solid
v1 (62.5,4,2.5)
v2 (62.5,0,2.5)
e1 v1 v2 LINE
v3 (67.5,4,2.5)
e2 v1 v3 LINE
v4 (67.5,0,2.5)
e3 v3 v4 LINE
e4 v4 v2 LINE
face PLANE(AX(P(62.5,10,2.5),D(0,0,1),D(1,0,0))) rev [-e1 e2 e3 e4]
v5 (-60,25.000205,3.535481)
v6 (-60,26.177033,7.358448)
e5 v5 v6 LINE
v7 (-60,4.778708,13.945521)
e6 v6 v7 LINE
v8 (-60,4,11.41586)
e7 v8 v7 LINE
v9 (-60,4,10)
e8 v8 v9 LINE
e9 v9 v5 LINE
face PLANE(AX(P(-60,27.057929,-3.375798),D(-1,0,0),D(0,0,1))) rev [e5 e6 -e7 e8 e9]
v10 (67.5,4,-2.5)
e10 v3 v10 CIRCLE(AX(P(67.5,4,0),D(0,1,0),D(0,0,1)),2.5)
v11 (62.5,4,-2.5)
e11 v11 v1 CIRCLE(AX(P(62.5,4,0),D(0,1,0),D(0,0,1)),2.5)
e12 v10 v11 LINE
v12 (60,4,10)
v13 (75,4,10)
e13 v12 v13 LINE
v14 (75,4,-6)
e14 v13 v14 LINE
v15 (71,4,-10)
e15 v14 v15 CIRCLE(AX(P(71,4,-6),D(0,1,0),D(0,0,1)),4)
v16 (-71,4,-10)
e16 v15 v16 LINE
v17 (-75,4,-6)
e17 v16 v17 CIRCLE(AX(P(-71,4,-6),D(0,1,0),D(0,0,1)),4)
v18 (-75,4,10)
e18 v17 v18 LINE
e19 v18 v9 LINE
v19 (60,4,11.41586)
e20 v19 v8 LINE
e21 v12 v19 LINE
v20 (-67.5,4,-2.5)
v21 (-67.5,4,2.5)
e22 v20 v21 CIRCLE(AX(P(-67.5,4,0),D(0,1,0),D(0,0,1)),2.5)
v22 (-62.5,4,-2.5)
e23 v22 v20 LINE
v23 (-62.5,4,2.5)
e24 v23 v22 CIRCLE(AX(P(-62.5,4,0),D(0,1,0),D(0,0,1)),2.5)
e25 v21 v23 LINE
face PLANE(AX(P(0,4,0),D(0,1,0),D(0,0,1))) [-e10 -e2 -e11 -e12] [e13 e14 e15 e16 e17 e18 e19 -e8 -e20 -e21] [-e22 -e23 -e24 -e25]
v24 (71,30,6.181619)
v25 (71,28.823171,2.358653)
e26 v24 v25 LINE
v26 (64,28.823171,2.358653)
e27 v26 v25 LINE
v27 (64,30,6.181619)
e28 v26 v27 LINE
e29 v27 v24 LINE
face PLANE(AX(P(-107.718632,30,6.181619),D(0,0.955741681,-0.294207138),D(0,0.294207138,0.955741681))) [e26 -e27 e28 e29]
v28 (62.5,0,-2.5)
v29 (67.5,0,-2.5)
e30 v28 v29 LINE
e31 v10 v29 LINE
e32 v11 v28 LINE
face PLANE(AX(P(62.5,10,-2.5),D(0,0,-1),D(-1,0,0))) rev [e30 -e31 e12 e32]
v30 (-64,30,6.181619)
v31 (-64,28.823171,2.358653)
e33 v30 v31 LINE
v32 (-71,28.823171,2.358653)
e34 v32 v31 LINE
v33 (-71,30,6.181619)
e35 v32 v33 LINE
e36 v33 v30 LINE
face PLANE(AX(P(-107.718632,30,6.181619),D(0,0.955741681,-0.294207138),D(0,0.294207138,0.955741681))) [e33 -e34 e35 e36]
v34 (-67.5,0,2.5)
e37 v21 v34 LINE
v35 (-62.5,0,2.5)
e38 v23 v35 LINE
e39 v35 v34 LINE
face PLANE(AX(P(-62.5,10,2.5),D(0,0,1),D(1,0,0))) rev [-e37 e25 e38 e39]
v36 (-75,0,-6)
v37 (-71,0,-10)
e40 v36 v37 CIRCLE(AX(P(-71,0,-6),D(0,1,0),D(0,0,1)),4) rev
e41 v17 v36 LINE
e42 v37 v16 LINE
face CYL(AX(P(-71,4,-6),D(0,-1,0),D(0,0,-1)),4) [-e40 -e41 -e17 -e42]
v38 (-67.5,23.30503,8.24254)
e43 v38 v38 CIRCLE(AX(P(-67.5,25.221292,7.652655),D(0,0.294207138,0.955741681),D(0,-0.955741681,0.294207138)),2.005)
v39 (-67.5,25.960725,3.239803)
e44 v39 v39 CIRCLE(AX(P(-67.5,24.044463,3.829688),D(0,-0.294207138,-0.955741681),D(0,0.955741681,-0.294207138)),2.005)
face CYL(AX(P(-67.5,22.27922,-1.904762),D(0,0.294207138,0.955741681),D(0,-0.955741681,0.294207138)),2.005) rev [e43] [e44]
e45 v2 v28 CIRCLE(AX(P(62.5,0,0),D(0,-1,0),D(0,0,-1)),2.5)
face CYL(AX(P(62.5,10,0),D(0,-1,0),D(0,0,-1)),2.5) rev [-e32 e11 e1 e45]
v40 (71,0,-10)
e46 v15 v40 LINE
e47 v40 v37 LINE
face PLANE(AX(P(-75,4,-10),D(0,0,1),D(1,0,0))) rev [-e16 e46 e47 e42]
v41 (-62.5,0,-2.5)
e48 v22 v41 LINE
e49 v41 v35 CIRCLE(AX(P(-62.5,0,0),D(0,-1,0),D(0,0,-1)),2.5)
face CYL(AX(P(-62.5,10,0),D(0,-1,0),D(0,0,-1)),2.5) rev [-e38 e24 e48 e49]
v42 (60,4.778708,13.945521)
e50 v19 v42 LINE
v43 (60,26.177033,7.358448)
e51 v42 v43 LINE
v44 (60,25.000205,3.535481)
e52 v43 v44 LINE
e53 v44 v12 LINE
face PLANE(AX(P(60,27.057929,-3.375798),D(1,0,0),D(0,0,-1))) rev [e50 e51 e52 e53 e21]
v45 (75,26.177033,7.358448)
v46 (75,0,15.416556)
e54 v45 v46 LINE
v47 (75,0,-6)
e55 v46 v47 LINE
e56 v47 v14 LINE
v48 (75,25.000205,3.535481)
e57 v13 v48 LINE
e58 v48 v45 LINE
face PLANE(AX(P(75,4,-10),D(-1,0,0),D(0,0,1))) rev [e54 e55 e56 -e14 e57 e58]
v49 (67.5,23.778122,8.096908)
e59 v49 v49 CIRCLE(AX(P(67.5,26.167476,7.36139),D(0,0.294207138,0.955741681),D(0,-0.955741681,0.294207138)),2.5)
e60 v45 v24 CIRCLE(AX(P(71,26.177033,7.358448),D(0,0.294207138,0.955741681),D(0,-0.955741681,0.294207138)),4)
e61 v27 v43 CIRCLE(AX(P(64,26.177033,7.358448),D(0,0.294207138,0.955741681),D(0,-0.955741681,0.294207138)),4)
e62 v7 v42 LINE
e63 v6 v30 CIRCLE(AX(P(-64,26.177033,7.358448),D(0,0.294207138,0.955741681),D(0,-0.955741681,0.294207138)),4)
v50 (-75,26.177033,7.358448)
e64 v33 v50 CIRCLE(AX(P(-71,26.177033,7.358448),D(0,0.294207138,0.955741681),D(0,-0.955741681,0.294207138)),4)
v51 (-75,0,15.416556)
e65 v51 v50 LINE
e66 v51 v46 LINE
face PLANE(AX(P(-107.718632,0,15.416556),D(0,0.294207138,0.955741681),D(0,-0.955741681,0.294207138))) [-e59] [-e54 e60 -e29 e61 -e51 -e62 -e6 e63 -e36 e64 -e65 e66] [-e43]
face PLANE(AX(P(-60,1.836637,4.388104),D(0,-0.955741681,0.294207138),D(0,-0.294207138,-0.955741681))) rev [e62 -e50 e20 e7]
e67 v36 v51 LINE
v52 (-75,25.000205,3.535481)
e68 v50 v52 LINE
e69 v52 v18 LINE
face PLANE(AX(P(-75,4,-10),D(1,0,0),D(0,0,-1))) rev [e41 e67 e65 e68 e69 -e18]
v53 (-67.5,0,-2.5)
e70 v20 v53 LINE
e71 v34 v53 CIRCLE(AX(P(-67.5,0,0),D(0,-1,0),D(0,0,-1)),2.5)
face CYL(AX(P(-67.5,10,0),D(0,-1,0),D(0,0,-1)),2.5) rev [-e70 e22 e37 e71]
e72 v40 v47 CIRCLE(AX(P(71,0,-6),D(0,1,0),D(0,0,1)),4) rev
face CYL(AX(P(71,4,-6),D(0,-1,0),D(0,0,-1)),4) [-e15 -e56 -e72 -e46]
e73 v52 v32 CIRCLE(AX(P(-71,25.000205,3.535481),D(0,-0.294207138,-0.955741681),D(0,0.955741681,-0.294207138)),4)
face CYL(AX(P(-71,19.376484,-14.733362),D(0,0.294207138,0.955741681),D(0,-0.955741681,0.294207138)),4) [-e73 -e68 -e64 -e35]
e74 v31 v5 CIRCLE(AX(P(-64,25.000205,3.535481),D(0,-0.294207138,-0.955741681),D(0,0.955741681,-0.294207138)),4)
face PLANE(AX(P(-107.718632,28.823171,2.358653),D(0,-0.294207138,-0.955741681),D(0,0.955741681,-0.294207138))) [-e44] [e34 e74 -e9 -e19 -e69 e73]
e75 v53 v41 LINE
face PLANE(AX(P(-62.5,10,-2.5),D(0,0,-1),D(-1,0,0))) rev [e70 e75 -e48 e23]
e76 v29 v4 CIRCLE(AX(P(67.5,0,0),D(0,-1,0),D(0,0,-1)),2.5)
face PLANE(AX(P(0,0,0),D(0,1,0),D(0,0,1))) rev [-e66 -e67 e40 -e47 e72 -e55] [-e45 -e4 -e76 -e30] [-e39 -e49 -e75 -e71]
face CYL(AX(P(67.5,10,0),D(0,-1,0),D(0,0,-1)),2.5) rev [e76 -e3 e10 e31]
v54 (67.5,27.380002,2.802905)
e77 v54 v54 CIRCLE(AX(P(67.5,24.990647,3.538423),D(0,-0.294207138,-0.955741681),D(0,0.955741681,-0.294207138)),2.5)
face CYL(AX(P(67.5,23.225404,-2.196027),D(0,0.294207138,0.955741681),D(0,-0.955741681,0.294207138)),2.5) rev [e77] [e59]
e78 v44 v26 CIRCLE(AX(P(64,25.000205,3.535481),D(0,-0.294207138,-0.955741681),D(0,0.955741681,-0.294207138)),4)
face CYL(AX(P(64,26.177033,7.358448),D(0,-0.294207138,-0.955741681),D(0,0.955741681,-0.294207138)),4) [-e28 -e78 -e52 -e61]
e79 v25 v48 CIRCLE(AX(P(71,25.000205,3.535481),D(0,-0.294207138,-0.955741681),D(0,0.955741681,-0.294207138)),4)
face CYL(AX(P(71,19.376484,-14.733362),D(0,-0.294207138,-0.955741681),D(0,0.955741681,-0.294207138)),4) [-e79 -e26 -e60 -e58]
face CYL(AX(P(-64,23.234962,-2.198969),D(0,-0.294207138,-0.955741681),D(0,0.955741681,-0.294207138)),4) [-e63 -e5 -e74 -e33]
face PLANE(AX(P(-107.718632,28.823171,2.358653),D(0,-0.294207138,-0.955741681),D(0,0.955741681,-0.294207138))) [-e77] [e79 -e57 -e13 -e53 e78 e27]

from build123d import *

# Parameters (mm, degrees)
SKETCH1_W           = 150
SKETCH1_H           = 20
BOSS_EXTRUDE1_DEPTH = 4
BOSS_EXTRUDE3_DEPTH = 150
SKETCH4_R           = 2.005
SKETCH4_R_2         = 2.5
SKETCH4_W           = 120
SKETCH4_H           = 26.389234781
CUT_EXTRUDE1_DEPTH  = 10
FILLET1_R           = 4
BOSS_EXTRUDE4_DEPTH = 150
CUT_EXTRUDE4_DEPTH  = 10


with BuildPart() as part:
    # Sketch1 → Boss-Extrude1 (new body)
    with BuildSketch(Plane(origin=(0, 0, 0), x_dir=(1, 0, 0), z_dir=(0, 1, 0))):
        Rectangle(SKETCH1_W, SKETCH1_H)
        with BuildLine():
            Line((-67.5, 2.5), (-62.5, 2.5))
            ThreePointArc((-62.5, 2.5), (-60, 0), (-62.5, -2.5))
            Line((-62.5, -2.5), (-67.5, -2.5))
            ThreePointArc((-67.5, -2.5), (-70, 0), (-67.5, 2.5))
        make_face(mode=Mode.SUBTRACT)
        with BuildLine():
            Line((62.5, 2.5), (67.5, 2.5))
            ThreePointArc((67.5, 2.5), (70, 0), (67.5, -2.5))
            Line((67.5, -2.5), (62.5, -2.5))
            ThreePointArc((62.5, -2.5), (60, 0), (62.5, 2.5))
        make_face(mode=Mode.SUBTRACT)
    extrude(amount=BOSS_EXTRUDE1_DEPTH)

    # Sketch3 → Boss-Extrude3 (add)
    with BuildSketch(Plane(origin=(75, 0, 0), x_dir=(0, 0, -1), z_dir=(1, 0, 0))):
        Polygon((-10, 0), (-15.416556228, 0), (-6.181619296, 30), (-2.358652574, 28.823171448), (-10, 4), align=None)
    extrude(amount=-BOSS_EXTRUDE3_DEPTH)

    # Sketch4 → Cut-Extrude1 (cut)
    with BuildSketch(Plane(origin=(0, 4.334920159, 14.082132419), x_dir=(1, 0, 0), z_dir=(0, 0.2942071381037286, 0.9557416805229401))):
        with Locations(Location((-67.5, 21.853573894, 0), (0, 0, 270))):
            Circle(SKETCH4_R)
        with Locations(Location((67.5, 22.843573894, 0), (0, 0, 270))):
            Circle(SKETCH4_R_2)
        with Locations((0, 13.658956504)):
            Rectangle(SKETCH4_W, SKETCH4_H)
    extrude(amount=-CUT_EXTRUDE1_DEPTH, mode=Mode.SUBTRACT)

    # Fillet1
    fillet1_edges = [part.edges().sort_by_distance(p)[0] for p in [
        (75, 29.411585724, 4.270135935),
        (-75, 29.411585724, 4.270135935),
        (-60, 29.411585724, 4.270135935),
        (60, 29.411585724, 4.270135935),
        (-75, 2, -10),
        (75, 2, -10),
    ]]
    fillet(fillet1_edges, radius=FILLET1_R)

    # Sketch5 → Boss-Extrude4 (add)
    with BuildSketch(Plane(origin=(75, 0, 0), x_dir=(0, 0, -1), z_dir=(1, 0, 0))):
        Polygon((6, 4), (6, 0), (-15.416556228, 0), (-14.185231304, 4), align=None)
    extrude(amount=-BOSS_EXTRUDE4_DEPTH)

    # Sketch7 → Cut-Extrude4 (cut)
    with BuildSketch(Plane.XZ):
        with BuildLine():
            Line((-62.5, -2.5), (-67.5, -2.5))
            ThreePointArc((-67.5, -2.5), (-70, 0), (-67.5, 2.5))
            Line((-67.5, 2.5), (-62.5, 2.5))
            ThreePointArc((-62.5, 2.5), (-60, 0), (-62.5, -2.5))
        make_face()
        with BuildLine():
            Line((62.5, 2.5), (67.5, 2.5))
            ThreePointArc((67.5, 2.5), (70, 0), (67.5, -2.5))
            Line((67.5, -2.5), (62.5, -2.5))
            ThreePointArc((62.5, -2.5), (60, 0), (62.5, 2.5))
        make_face()
    extrude(amount=-CUT_EXTRUDE4_DEPTH, mode=Mode.SUBTRACT)


solid = part.part
